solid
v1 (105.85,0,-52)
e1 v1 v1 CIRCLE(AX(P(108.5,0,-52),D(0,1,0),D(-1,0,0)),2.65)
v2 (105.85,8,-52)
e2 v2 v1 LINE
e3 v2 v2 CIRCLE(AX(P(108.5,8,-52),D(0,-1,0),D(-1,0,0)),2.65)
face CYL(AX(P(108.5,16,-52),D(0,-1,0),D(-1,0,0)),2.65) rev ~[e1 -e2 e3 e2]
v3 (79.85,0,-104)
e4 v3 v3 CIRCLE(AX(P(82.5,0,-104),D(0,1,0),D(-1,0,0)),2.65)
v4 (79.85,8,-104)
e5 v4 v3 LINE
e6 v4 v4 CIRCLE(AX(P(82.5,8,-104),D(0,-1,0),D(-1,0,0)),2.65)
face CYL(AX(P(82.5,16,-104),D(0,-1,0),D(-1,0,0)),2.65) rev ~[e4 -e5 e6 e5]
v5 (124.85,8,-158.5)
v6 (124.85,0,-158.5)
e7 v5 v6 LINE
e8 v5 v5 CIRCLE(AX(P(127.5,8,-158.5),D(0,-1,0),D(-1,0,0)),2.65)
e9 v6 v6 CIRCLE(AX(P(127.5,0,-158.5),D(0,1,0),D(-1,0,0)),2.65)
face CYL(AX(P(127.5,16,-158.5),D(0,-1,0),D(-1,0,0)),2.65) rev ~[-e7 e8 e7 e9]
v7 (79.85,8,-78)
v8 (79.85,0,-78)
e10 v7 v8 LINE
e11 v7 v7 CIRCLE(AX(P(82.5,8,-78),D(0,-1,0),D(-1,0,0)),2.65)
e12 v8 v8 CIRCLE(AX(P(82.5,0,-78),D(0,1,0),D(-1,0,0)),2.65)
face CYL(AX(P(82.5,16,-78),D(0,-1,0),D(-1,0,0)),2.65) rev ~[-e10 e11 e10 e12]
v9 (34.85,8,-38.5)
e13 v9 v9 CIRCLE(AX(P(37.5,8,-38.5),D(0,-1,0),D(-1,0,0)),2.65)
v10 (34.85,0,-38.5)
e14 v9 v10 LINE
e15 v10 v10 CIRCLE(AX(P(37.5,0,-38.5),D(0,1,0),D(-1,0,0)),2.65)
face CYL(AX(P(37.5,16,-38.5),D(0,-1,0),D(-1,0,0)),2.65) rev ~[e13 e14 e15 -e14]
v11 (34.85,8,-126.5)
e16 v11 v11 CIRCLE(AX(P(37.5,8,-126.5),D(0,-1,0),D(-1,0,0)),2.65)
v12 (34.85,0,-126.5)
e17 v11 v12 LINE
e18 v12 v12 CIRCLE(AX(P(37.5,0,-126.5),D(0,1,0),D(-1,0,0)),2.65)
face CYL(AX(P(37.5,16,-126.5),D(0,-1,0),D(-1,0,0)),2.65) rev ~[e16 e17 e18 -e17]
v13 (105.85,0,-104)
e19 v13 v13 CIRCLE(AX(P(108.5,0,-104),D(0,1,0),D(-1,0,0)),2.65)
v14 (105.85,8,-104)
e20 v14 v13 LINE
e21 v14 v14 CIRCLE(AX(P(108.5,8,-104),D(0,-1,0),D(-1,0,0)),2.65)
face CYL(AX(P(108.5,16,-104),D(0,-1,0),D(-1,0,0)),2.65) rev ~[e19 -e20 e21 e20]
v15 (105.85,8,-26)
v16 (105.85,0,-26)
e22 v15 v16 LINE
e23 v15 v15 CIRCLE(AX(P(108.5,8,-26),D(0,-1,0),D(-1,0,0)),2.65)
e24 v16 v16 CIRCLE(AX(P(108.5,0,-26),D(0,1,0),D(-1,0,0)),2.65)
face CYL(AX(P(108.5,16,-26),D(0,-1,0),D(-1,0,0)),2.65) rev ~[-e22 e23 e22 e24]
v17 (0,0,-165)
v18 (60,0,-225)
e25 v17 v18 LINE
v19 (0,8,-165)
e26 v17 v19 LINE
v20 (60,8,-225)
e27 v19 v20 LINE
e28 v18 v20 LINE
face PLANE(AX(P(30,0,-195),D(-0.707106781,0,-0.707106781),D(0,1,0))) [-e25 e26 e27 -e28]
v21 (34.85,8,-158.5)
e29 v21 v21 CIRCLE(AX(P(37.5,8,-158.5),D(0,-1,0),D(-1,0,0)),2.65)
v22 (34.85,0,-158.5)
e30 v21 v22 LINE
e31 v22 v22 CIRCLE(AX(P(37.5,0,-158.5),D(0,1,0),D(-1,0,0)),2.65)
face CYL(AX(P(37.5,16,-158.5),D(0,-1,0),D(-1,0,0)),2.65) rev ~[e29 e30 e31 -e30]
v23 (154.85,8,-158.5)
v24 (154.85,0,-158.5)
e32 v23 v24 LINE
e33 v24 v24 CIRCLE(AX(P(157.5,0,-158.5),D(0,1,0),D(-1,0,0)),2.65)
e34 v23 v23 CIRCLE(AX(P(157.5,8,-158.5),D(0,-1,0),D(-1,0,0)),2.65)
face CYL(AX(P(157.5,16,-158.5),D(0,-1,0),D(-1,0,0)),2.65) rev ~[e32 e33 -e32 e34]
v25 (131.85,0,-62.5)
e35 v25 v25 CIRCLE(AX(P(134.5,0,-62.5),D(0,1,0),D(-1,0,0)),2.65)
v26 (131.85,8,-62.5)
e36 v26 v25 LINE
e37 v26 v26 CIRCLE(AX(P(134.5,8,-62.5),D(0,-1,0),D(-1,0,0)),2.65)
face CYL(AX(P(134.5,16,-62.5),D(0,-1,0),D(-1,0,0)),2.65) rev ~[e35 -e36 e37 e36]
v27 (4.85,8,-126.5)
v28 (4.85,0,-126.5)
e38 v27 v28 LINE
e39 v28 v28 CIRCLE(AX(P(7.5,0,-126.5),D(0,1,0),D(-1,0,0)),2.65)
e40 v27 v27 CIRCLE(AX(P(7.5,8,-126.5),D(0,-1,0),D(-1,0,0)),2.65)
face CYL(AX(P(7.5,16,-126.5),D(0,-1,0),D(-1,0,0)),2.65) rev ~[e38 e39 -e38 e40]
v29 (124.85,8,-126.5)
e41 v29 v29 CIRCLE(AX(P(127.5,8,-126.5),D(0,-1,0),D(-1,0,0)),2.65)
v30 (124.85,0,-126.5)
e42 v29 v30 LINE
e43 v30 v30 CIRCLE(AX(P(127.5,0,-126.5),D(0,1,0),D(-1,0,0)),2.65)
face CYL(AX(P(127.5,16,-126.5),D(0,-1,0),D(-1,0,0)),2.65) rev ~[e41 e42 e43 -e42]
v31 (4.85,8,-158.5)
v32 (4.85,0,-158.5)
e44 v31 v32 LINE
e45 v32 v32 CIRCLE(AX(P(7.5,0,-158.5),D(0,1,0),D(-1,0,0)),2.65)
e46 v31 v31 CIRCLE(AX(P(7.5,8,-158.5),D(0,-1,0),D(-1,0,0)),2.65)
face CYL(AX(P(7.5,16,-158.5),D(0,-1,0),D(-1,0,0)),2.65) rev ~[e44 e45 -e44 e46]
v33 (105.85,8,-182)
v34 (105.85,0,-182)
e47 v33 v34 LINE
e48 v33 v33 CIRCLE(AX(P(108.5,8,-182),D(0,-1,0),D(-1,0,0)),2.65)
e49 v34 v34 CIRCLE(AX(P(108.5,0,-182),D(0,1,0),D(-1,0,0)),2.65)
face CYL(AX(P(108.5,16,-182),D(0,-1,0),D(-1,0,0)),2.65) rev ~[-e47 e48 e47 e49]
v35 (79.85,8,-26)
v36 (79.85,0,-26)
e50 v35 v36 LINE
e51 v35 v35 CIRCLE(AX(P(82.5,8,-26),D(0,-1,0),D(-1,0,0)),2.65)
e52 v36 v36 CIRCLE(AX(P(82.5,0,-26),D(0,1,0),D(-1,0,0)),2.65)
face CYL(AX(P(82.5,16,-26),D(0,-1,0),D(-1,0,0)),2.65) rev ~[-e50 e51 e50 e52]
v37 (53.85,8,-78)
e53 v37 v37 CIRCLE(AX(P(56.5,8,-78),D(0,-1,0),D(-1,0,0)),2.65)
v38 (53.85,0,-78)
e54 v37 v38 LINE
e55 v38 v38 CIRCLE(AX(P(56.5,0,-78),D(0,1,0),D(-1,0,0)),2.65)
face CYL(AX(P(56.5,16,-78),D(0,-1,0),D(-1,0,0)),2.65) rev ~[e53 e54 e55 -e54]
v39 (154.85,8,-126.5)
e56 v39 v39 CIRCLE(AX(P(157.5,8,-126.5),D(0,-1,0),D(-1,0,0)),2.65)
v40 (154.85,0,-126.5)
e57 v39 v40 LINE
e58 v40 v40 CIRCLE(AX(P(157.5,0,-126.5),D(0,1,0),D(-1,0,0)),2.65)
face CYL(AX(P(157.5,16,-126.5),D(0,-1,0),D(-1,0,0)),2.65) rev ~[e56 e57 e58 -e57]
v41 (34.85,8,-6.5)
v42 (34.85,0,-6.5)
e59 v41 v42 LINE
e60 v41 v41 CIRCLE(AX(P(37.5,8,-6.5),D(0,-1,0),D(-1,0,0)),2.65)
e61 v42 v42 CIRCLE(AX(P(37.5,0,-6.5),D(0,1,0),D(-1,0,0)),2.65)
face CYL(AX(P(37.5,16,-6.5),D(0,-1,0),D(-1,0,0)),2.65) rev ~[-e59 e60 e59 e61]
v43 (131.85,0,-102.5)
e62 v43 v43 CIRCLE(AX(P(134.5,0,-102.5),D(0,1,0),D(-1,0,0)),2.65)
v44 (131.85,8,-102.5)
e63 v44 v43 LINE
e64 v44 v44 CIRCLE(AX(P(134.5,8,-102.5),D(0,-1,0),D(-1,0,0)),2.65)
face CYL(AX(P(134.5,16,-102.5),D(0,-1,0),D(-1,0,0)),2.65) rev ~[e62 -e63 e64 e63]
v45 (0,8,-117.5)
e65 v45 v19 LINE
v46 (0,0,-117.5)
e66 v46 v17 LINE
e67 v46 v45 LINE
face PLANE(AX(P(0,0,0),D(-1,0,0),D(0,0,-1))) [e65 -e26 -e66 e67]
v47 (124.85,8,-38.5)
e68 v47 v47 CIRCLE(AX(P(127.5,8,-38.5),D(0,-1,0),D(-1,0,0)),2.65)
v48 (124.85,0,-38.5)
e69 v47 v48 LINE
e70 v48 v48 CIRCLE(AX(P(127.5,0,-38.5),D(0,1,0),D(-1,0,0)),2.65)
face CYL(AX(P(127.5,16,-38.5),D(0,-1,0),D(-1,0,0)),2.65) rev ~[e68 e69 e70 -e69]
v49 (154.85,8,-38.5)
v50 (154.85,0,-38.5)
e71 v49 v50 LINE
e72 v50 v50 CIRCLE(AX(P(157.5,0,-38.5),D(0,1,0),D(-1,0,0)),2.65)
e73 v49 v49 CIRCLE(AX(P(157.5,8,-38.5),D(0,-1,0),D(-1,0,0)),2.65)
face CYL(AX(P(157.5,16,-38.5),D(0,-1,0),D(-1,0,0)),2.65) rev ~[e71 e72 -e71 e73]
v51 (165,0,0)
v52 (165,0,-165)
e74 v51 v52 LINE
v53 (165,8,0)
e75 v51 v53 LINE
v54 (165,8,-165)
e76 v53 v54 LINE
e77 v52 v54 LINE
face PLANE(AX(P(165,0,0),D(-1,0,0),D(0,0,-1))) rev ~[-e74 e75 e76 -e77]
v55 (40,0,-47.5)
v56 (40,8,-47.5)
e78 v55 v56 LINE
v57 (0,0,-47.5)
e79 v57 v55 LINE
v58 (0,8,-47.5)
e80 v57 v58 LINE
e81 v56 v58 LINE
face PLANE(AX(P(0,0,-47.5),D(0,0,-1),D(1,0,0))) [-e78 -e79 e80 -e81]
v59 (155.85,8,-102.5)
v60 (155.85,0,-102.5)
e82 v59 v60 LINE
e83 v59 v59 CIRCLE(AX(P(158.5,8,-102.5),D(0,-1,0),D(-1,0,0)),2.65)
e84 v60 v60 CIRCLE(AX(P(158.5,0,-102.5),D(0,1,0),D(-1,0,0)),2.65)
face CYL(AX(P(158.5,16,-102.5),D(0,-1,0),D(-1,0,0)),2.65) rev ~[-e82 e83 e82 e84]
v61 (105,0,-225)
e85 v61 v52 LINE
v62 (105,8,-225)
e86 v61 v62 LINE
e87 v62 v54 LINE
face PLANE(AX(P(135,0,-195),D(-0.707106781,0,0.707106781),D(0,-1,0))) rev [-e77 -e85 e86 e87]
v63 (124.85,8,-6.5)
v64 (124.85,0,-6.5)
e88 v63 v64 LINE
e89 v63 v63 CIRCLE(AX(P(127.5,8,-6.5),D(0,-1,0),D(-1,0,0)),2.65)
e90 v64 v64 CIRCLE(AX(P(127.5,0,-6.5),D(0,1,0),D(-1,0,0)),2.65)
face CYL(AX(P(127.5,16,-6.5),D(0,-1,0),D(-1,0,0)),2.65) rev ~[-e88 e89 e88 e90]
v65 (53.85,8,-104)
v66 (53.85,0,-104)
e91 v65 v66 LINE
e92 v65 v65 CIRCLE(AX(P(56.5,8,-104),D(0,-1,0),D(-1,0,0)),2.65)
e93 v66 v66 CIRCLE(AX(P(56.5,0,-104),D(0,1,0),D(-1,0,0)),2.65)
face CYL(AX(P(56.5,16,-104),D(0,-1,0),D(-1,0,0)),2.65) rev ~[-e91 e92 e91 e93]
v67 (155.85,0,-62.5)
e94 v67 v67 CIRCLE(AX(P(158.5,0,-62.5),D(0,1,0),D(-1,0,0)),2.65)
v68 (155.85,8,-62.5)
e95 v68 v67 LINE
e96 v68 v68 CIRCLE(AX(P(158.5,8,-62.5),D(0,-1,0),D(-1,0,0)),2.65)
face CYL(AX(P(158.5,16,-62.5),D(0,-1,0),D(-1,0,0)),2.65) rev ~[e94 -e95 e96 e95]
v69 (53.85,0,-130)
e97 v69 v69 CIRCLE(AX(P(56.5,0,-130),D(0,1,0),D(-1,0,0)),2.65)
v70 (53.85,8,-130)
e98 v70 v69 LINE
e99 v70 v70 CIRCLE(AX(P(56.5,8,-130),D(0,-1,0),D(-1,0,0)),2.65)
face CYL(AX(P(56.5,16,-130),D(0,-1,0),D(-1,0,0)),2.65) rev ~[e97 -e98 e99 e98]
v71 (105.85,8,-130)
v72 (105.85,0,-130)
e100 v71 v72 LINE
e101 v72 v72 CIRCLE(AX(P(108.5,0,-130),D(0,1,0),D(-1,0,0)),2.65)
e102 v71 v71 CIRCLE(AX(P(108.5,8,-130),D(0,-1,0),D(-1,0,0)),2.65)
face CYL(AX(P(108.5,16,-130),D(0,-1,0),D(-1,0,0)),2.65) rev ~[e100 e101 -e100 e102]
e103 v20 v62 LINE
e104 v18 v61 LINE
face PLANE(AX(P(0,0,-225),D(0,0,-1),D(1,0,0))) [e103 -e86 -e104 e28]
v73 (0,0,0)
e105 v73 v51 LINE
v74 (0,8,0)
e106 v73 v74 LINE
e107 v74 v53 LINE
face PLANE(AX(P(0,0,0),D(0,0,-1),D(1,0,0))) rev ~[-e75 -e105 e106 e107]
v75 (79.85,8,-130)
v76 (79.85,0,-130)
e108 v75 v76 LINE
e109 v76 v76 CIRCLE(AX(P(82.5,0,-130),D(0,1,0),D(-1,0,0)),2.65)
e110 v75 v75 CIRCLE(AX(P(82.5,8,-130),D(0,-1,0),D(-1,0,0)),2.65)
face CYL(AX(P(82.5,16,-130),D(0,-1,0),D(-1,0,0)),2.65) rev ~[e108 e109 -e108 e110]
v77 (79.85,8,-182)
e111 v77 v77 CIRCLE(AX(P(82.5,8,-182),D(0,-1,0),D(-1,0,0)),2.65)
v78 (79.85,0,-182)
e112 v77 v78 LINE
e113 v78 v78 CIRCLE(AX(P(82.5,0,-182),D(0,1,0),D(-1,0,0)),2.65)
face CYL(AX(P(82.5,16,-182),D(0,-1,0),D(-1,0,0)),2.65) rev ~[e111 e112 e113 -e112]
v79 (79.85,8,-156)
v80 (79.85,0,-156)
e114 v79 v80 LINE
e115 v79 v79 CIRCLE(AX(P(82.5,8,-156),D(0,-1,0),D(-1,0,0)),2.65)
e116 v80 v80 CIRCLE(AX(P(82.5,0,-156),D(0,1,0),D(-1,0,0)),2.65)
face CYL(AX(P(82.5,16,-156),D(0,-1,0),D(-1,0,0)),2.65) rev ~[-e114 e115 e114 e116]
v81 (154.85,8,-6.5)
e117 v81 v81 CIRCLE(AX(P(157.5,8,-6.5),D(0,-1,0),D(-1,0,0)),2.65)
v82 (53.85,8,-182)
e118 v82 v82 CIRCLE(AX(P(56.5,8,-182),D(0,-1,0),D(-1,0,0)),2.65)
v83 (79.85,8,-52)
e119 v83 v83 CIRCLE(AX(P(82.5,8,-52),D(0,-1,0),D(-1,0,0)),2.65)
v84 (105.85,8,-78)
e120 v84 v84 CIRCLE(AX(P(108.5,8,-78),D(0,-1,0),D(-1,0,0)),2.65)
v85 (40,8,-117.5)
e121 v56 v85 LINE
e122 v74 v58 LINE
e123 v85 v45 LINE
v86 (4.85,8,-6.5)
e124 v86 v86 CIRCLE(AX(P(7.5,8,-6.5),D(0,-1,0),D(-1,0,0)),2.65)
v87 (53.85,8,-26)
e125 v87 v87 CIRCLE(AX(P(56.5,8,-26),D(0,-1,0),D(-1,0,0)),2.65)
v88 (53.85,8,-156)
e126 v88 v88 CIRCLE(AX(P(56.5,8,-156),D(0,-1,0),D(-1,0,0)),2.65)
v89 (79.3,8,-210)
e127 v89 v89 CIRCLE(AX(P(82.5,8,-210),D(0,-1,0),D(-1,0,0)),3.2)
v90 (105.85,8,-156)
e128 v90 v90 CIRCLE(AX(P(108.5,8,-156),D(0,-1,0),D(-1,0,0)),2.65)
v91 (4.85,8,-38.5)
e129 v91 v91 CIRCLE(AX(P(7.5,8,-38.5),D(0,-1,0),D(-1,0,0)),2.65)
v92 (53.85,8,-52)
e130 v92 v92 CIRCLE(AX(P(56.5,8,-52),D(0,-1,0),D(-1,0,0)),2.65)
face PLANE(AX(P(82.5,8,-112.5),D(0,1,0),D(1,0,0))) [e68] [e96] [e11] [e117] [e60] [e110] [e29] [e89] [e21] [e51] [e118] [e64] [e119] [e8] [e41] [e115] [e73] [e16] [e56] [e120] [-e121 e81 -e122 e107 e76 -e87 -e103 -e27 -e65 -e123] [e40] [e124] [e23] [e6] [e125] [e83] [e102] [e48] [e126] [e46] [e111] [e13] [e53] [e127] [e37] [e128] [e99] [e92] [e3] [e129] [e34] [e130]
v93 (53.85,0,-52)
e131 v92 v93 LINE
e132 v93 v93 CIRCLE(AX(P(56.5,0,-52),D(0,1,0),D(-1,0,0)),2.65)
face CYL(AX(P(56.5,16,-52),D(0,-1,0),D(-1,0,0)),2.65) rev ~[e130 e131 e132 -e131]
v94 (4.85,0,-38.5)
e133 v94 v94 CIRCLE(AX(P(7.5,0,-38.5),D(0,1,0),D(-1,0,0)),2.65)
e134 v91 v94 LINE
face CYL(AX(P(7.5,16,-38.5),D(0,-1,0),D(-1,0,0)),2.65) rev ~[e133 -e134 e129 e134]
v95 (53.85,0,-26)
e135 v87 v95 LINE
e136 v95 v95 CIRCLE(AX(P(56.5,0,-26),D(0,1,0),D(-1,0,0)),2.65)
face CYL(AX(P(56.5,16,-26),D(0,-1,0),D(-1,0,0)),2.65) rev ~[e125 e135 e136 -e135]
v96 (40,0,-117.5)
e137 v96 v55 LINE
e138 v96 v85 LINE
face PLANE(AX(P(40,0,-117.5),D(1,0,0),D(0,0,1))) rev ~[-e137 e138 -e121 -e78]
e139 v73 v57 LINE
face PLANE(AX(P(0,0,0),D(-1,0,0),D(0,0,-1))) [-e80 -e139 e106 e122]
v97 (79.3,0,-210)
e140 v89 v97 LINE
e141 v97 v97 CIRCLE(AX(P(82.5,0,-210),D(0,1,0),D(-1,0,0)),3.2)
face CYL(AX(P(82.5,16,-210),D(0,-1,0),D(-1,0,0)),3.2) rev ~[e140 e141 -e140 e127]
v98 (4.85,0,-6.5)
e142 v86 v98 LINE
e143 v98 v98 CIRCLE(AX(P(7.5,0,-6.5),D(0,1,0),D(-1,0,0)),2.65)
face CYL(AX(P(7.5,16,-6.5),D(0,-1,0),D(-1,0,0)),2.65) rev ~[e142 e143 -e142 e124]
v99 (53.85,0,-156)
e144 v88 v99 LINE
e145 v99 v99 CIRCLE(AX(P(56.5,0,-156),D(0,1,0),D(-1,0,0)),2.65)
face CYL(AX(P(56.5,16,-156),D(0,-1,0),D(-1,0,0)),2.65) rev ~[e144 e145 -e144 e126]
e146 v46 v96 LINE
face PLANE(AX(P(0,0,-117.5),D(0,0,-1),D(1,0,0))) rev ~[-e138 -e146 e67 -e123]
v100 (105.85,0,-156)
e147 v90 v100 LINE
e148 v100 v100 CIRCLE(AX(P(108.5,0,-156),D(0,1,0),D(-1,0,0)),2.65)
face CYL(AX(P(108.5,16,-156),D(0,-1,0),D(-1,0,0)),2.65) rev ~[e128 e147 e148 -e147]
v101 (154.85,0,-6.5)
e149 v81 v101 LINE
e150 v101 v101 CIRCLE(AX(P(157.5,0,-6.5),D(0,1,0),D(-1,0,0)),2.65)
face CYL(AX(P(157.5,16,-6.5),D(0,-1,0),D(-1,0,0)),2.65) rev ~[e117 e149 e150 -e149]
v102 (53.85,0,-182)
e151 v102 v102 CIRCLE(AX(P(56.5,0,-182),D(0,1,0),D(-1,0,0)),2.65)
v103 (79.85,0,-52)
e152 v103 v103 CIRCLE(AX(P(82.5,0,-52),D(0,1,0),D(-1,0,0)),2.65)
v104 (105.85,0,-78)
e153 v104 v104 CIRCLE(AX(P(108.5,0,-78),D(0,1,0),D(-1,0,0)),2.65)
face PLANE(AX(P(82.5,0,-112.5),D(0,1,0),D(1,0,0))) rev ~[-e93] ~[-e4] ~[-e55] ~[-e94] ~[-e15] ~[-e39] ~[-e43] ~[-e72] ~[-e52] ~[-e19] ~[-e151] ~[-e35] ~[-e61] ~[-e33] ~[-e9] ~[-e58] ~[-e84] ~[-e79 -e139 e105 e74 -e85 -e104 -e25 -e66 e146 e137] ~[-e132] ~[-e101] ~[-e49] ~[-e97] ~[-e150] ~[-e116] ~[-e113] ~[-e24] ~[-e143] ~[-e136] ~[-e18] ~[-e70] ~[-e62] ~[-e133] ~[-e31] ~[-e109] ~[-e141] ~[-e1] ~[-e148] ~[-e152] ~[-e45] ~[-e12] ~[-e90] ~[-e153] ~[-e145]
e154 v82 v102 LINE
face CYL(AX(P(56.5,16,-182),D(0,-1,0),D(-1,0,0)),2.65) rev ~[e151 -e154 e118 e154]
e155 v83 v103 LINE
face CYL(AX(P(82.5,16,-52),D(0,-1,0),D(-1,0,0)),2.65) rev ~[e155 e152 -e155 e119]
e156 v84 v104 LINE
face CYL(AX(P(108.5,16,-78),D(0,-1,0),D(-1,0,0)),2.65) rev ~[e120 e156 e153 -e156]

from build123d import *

# Parameters (mm, degrees)
SKETCH1_W                = 165
SKETCH1_H                = 225
BOSS_EXTRUDE1_DEPTH      = 8
SKETCH2_W                = 40
SKETCH2_H                = 70
CUT_EXTRUDE1_DEPTH       = 280.130793715
CHAMFER1_SIZE            = 60
M6_CLEARANCE_HOLE1_D     = 6.4
M6_CLEARANCE_HOLE1_DEPTH = 8
M6_CLEARANCE_HOLE1_TIP   = 1.922753981
M5_CLEARANCE_HOLE1_D     = 5.3
M5_CLEARANCE_HOLE1_DEPTH = 8
M5_CLEARANCE_HOLE1_TIP   = 1.59228064
M5_CLEARANCE_HOLE2_D     = 5.3
M5_CLEARANCE_HOLE2_DEPTH = 8
M5_CLEARANCE_HOLE2_TIP   = 1.59228064


with BuildPart() as part:
    # Sketch1 → Boss-Extrude1 (new body)
    with BuildSketch(Plane(origin=(0, 0, 0), x_dir=(1, 0, 0), z_dir=(0, 1, 0))):
        with Locations((82.5, 112.5)):
            Rectangle(SKETCH1_W, SKETCH1_H)
    extrude(amount=BOSS_EXTRUDE1_DEPTH)

    # Sketch2 → Cut-Extrude1 (cut, through all)
    with BuildSketch(Plane.XZ):
        with Locations((20, -82.5)):
            Rectangle(SKETCH2_W, SKETCH2_H)
    extrude(amount=-CUT_EXTRUDE1_DEPTH, mode=Mode.SUBTRACT)

    # Chamfer1
    chamfer1_edges = [part.edges().sort_by_distance(p)[0] for p in [
        (0, 4, -225),
        (165, 4, -225),
    ]]
    chamfer(chamfer1_edges, length=CHAMFER1_SIZE)

    # M6 Clearance Hole1
    with Locations(Plane(origin=(0, 8, 0), x_dir=(1, 0, 0), z_dir=(0, 1, 0))):
        with Locations((82.5, 210)):
            Hole(M6_CLEARANCE_HOLE1_D / 2, depth=M6_CLEARANCE_HOLE1_DEPTH)
            with Locations((0, 0, -(M6_CLEARANCE_HOLE1_DEPTH + M6_CLEARANCE_HOLE1_TIP / 2))):  # 118° drill point
                Cone(0, M6_CLEARANCE_HOLE1_D / 2, M6_CLEARANCE_HOLE1_TIP, mode=Mode.SUBTRACT)

    # M5 Clearance Hole1
    with Locations(Plane(origin=(0, 8, 0), x_dir=(1, 0, 0), z_dir=(0, 1, 0))):
        with Locations((7.5, 158.5), (37.5, 158.5), (37.5, 126.5), (7.5, 126.5), (158.5, 102.5), (134.5, 102.5), (157.5, 126.5), (127.5, 126.5), (127.5, 158.5), (157.5, 158.5), (157.5, 6.5), (127.5, 6.5), (127.5, 38.5), (157.5, 38.5), (134.5, 62.5), (158.5, 62.5), (7.5, 38.5), (37.5, 38.5), (37.5, 6.5), (7.5, 6.5)):
            Hole(M5_CLEARANCE_HOLE1_D / 2, depth=M5_CLEARANCE_HOLE1_DEPTH)
            with Locations((0, 0, -(M5_CLEARANCE_HOLE1_DEPTH + M5_CLEARANCE_HOLE1_TIP / 2))):  # 118° drill point
                Cone(0, M5_CLEARANCE_HOLE1_D / 2, M5_CLEARANCE_HOLE1_TIP, mode=Mode.SUBTRACT)

    # M5 Clearance Hole2
    with Locations(Plane(origin=(0, 8, 0), x_dir=(1, 0, 0), z_dir=(0, 1, 0))):
        with Locations((56.5, 26), (82.5, 26), (108.5, 26), (82.5, 52), (108.5, 52), (82.5, 78), (108.5, 78), (82.5, 104), (108.5, 104), (82.5, 130), (108.5, 130), (82.5, 156), (108.5, 156), (82.5, 182), (108.5, 182), (56.5, 52), (56.5, 78), (56.5, 104), (56.5, 130), (56.5, 156), (56.5, 182)):
            Hole(M5_CLEARANCE_HOLE2_D / 2, depth=M5_CLEARANCE_HOLE2_DEPTH)
            with Locations((0, 0, -(M5_CLEARANCE_HOLE2_DEPTH + M5_CLEARANCE_HOLE2_TIP / 2))):  # 118° drill point
                Cone(0, M5_CLEARANCE_HOLE2_D / 2, M5_CLEARANCE_HOLE2_TIP, mode=Mode.SUBTRACT)


solid = part.part
